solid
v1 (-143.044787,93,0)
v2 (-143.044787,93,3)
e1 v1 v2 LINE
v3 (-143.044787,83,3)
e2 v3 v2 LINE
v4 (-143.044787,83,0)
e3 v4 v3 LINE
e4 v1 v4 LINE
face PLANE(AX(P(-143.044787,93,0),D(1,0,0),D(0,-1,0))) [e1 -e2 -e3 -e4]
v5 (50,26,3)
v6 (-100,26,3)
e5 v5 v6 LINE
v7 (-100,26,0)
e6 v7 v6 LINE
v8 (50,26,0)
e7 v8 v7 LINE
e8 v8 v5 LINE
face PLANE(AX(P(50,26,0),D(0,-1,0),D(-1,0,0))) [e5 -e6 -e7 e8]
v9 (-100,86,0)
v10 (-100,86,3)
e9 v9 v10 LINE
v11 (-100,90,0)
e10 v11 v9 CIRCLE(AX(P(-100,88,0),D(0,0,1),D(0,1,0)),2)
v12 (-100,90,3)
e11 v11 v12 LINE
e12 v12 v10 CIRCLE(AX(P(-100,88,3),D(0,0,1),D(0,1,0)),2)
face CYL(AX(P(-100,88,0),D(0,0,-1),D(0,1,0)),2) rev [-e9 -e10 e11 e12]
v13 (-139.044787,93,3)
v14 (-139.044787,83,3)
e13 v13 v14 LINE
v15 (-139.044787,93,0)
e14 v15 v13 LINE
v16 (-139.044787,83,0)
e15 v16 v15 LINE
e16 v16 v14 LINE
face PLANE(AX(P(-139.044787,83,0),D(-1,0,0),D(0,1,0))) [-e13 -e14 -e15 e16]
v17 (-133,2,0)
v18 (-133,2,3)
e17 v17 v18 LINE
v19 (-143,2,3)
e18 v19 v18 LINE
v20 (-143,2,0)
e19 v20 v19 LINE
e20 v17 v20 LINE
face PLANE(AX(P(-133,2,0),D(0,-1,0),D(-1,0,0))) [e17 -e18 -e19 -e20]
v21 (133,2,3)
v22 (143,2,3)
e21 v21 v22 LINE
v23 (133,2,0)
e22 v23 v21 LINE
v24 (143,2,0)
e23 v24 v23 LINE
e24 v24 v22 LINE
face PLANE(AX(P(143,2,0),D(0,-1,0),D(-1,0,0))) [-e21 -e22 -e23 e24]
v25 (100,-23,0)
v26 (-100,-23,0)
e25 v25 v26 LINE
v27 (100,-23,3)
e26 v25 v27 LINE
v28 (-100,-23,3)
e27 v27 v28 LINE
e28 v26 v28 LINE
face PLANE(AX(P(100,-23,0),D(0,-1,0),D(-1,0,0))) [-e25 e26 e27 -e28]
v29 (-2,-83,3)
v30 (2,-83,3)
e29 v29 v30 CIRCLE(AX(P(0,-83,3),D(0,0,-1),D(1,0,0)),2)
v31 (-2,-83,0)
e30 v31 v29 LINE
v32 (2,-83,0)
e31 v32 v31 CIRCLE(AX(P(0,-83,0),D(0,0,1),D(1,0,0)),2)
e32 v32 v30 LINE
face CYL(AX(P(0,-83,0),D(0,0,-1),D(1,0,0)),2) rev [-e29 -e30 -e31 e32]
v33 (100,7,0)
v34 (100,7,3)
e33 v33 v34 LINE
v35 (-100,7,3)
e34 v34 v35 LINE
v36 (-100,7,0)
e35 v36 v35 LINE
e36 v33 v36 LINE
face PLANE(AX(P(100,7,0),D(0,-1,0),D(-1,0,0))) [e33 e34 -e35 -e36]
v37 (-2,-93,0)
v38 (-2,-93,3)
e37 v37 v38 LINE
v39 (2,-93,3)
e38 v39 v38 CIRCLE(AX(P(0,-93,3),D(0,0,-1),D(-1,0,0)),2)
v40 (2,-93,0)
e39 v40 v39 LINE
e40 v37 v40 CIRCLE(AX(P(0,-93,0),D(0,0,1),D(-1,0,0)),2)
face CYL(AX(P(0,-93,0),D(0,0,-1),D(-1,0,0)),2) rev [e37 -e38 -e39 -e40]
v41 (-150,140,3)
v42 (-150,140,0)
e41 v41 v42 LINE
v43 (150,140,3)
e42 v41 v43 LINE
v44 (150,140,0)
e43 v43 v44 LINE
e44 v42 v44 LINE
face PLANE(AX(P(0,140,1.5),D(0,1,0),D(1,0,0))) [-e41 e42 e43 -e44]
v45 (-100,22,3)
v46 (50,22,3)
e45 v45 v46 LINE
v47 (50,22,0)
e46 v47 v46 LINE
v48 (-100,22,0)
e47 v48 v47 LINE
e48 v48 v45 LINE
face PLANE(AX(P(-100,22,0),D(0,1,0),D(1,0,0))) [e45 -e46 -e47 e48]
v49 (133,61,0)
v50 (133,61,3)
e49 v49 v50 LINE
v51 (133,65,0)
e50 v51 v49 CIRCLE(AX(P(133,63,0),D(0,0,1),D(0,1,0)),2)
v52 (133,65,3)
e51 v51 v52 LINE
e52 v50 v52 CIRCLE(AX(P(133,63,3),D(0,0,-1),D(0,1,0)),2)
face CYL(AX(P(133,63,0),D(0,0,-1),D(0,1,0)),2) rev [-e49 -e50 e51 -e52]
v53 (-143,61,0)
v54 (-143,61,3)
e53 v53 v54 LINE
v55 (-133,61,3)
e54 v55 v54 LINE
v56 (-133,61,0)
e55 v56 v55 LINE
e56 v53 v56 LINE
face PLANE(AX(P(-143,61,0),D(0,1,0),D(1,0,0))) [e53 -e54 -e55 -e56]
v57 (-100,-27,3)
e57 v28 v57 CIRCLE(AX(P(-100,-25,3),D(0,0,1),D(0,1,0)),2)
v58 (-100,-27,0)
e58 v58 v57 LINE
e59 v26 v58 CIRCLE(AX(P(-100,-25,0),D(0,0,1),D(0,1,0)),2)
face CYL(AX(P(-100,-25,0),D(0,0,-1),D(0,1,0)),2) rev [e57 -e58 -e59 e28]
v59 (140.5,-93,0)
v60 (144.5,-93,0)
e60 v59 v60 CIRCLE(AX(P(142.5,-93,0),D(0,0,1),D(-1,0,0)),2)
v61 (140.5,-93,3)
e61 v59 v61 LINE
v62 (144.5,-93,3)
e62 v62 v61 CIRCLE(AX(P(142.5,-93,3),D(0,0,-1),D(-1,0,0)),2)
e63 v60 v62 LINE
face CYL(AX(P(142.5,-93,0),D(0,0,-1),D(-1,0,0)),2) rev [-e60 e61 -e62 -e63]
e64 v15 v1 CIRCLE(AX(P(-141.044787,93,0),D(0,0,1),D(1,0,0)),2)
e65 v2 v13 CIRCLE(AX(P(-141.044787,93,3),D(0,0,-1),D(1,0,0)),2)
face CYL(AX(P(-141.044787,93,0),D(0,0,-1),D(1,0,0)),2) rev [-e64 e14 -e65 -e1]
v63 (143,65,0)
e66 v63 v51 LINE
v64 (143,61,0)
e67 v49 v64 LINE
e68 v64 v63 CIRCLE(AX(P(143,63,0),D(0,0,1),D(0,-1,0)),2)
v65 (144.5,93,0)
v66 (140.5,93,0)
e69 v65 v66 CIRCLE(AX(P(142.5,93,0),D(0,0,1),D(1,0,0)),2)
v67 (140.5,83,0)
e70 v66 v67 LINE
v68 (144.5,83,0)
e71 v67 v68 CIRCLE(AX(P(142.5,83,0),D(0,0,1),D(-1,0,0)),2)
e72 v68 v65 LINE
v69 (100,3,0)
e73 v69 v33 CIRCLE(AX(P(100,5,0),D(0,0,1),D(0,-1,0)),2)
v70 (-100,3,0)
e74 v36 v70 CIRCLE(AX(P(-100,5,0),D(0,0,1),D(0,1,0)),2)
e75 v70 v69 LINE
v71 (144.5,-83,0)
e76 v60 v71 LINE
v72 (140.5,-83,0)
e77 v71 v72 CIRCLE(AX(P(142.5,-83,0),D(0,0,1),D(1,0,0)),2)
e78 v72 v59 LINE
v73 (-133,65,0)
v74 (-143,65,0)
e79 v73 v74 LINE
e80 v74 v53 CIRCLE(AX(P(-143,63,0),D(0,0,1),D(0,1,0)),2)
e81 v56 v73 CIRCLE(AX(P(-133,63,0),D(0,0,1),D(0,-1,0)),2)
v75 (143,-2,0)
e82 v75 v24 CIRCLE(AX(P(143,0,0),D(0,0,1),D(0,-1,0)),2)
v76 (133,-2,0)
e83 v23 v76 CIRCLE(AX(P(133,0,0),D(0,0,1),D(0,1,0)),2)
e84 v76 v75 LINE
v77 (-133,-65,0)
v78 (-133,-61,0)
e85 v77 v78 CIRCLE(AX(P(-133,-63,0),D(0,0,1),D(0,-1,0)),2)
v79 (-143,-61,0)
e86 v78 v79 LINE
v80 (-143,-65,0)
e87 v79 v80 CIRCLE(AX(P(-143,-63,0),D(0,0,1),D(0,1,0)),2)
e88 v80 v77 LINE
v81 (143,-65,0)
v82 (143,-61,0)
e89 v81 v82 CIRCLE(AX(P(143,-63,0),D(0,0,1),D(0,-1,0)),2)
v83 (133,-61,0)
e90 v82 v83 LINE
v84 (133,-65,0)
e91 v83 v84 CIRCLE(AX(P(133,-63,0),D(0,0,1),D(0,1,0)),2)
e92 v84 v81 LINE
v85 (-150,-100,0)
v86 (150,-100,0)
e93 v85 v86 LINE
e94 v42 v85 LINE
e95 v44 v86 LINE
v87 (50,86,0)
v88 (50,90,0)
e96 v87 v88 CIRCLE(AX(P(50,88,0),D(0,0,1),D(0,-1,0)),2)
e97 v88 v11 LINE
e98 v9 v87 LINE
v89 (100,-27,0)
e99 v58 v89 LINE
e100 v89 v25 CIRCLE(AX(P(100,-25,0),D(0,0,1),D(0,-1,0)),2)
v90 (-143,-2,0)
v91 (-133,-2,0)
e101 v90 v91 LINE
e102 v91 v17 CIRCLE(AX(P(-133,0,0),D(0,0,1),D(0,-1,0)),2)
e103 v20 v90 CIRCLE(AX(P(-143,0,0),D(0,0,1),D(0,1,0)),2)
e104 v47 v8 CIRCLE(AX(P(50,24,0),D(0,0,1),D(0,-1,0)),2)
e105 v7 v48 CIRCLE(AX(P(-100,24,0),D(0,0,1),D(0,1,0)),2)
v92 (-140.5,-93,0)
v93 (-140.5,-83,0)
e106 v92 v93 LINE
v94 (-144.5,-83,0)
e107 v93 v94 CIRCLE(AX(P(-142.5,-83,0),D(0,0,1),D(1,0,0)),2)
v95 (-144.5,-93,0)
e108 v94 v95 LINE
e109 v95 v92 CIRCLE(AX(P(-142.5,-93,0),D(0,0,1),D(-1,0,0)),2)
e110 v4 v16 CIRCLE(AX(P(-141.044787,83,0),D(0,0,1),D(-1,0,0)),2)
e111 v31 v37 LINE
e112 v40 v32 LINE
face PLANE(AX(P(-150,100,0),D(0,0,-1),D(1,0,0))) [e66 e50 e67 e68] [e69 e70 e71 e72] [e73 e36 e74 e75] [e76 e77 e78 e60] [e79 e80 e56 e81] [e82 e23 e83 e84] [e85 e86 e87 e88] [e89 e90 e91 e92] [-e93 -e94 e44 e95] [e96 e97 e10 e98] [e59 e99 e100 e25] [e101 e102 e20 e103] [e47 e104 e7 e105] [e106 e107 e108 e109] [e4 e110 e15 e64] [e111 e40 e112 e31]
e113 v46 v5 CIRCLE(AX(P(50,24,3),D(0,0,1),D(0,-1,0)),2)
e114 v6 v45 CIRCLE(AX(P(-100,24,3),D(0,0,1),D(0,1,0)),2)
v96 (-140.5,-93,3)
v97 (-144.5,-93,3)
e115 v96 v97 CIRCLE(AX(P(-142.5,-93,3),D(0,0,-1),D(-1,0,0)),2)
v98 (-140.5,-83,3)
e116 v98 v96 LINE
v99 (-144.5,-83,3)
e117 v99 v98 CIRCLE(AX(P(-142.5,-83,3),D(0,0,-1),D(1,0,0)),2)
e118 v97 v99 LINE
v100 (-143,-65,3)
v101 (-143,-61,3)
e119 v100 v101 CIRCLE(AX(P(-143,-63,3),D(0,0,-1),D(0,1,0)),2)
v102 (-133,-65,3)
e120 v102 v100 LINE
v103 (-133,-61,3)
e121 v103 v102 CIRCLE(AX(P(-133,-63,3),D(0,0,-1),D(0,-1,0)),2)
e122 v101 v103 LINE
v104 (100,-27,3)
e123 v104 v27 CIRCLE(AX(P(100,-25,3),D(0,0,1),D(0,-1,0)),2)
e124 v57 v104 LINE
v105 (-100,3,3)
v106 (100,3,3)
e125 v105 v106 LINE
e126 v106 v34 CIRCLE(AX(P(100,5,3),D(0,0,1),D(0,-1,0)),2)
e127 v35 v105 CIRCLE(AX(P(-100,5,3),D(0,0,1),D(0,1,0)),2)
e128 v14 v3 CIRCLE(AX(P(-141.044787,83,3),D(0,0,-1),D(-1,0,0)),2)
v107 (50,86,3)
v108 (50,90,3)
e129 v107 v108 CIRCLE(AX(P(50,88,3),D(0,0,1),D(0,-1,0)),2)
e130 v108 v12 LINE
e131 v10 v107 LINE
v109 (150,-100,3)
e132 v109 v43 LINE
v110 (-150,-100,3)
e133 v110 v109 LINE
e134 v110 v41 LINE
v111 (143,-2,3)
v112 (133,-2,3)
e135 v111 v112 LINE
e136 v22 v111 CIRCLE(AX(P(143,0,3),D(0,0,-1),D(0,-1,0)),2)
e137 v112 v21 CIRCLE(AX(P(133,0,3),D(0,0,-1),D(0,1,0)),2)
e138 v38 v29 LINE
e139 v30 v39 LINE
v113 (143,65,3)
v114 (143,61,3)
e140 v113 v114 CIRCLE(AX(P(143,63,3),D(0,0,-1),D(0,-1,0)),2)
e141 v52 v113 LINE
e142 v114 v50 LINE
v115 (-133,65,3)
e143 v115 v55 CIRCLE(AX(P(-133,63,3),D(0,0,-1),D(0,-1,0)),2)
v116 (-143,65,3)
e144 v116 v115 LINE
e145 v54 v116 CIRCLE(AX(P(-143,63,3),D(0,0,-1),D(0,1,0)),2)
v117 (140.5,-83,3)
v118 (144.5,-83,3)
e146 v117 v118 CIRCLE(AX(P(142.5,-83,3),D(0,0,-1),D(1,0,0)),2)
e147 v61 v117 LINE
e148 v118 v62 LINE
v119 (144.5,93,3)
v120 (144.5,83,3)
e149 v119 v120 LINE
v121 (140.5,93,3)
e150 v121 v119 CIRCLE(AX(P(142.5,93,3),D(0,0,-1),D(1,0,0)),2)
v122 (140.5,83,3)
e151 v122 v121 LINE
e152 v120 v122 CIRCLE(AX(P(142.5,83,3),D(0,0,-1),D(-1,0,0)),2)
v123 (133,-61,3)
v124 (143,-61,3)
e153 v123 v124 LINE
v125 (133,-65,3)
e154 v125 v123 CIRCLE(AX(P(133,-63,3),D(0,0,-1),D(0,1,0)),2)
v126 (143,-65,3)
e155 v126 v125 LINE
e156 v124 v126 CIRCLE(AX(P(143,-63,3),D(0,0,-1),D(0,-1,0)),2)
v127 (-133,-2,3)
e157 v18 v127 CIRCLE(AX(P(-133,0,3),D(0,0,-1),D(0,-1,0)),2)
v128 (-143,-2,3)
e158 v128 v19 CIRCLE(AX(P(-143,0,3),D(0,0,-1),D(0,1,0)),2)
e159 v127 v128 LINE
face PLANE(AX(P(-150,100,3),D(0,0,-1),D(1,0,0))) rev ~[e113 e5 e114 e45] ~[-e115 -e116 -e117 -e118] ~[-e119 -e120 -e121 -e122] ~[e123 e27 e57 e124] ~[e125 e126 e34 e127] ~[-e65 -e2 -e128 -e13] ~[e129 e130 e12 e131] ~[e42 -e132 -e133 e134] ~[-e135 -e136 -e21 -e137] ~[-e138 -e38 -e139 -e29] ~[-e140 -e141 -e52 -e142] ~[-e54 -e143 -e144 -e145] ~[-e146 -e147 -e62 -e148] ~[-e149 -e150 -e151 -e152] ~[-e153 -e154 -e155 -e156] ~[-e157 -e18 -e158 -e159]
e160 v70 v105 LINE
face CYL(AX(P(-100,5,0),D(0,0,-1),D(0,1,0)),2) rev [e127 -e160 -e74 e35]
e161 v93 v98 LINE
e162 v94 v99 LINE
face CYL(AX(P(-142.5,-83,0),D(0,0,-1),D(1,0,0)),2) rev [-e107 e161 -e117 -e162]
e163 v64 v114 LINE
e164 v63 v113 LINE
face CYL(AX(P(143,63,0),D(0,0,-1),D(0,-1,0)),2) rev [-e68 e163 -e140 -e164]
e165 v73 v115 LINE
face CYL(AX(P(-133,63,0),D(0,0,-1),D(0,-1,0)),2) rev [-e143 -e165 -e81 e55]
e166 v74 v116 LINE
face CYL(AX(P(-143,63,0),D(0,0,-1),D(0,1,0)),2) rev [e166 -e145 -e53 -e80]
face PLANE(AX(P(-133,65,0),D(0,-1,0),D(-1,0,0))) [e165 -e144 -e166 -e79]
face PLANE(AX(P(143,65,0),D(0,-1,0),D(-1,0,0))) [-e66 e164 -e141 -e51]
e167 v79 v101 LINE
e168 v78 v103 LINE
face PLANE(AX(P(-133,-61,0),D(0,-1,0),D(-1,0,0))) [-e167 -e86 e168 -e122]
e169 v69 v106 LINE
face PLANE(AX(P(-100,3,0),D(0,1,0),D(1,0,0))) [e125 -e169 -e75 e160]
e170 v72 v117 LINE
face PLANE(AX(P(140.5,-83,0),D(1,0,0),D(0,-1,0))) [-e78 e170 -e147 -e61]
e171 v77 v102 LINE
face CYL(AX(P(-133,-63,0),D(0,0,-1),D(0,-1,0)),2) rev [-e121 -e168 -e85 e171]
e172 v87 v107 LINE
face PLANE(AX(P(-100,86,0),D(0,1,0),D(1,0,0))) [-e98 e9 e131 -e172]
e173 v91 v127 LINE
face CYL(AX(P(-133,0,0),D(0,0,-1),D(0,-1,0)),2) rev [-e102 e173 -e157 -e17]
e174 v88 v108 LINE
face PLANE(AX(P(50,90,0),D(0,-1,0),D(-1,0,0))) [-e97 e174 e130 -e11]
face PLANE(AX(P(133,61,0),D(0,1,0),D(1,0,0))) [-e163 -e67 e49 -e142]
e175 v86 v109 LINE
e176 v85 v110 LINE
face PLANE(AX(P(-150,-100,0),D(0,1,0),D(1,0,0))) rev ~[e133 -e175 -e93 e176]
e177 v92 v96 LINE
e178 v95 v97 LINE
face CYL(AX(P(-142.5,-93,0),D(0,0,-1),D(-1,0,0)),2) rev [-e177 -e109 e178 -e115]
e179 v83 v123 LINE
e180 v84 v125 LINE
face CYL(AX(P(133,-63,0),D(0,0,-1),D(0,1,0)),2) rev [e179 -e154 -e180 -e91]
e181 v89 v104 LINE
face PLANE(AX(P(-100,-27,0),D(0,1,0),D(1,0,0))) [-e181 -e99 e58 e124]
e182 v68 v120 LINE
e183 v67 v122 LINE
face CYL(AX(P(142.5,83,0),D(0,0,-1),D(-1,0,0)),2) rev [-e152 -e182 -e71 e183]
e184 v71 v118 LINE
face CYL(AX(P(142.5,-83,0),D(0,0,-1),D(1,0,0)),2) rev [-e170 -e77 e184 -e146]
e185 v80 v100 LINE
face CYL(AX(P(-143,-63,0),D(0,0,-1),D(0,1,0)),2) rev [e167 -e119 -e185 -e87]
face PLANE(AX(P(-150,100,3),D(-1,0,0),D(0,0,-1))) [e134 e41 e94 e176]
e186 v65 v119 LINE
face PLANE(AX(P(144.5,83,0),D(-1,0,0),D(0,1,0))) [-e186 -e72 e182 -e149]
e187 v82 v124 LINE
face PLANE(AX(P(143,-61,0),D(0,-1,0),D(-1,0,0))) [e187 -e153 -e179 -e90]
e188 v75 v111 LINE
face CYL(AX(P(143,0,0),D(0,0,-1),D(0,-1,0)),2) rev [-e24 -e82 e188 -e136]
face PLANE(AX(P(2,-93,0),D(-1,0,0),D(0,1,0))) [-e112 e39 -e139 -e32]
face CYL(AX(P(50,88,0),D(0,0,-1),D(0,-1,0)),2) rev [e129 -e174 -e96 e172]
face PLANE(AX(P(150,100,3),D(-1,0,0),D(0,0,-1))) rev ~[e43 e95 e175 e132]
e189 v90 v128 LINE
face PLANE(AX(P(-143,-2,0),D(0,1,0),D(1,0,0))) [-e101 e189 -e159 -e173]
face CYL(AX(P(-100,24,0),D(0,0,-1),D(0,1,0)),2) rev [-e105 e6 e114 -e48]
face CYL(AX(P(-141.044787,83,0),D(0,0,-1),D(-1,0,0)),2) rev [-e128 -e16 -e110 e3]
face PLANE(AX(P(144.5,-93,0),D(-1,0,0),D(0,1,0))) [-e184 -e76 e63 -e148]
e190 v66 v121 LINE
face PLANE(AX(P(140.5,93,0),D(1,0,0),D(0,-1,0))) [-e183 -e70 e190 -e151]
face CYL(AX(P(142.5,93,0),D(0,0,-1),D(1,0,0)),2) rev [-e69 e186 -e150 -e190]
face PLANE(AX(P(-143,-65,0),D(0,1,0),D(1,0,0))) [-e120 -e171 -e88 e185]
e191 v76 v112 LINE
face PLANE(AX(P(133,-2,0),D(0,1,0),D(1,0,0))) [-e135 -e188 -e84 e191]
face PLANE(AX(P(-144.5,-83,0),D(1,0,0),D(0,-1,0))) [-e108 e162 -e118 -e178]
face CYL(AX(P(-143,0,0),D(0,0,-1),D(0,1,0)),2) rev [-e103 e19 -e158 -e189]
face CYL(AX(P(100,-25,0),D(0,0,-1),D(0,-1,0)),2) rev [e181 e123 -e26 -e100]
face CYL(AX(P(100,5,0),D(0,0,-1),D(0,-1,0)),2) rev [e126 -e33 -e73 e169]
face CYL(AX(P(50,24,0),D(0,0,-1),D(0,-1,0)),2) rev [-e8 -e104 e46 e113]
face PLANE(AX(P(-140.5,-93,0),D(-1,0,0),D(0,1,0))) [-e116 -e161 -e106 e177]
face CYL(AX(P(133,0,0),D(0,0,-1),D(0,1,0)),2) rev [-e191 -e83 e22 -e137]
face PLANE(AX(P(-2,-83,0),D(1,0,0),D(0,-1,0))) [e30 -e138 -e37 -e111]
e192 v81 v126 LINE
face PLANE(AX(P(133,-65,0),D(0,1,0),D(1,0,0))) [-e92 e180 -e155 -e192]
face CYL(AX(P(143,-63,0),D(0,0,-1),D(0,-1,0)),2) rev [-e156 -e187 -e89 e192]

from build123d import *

# Parameters (mm, degrees)
SKETCH1_W           = 300
SKETCH1_H           = 200
BOSS_EXTRUDE1_DEPTH = 3
CUT_EXTRUDE1_DEPTH  = 3
CUT_EXTRUDE2_DEPTH  = 10
CUT_EXTRUDE3_DEPTH  = 10
CUT_EXTRUDE4_DEPTH  = 10
CUT_EXTRUDE5_DEPTH  = 10
CUT_EXTRUDE6_DEPTH  = 10
CUT_EXTRUDE7_DEPTH  = 10
CUT_EXTRUDE8_DEPTH  = 10
SKETCH10_W          = 300
SKETCH10_H          = 3
BOSS_EXTRUDE2_DEPTH = 40


with BuildPart() as part:
    # Sketch1 → Boss-Extrude1 (new body)
    with BuildSketch(Plane.XY):
        Rectangle(SKETCH1_W, SKETCH1_H)
    extrude(amount=BOSS_EXTRUDE1_DEPTH)

    # Sketch2 → Cut-Extrude1 (cut)
    with BuildSketch(Plane(origin=(0, 0, 0), x_dir=(-1, 0, 0), z_dir=(0, 0, -1))):
        with BuildLine():
            Line((-100, -23), (100, -23))
            ThreePointArc((100, -23), (102, -25), (100, -27))
            Line((100, -27), (-100, -27))
            ThreePointArc((-100, -27), (-102, -25), (-100, -23))
        make_face()
        with BuildLine():
            Line((-100, 7), (100, 7))
            ThreePointArc((100, 7), (102, 5), (100, 3))
            Line((100, 3), (-100, 3))
            ThreePointArc((-100, 3), (-102, 5), (-100, 7))
        make_face()
        with BuildLine():
            Line((-50, 26), (100, 26))
            ThreePointArc((100, 26), (102, 24), (100, 22))
            Line((100, 22), (-50, 22))
            ThreePointArc((-50, 22), (-52, 24), (-50, 26))
        make_face()
        with BuildLine():
            Line((-50, 90), (100, 90))
            ThreePointArc((100, 90), (102, 88), (100, 86))
            Line((100, 86), (-50, 86))
            ThreePointArc((-50, 86), (-52, 88), (-50, 90))
        make_face()
    extrude(amount=-CUT_EXTRUDE1_DEPTH, mode=Mode.SUBTRACT)

    # Sketch3 → Cut-Extrude2 (cut)
    with BuildSketch(Plane(origin=(0, 0, 0), x_dir=(-1, 0, 0), z_dir=(0, 0, -1))):
        with BuildLine():
            Line((143.044786866, 93), (143.044786866, 83))
            ThreePointArc((143.044786866, 83), (141.044786866, 81), (139.044786866, 83))
            Line((139.044786866, 83), (139.044786866, 93))
            ThreePointArc((139.044786866, 93), (141.044786866, 95), (143.044786866, 93))
        make_face()
    extrude(amount=-CUT_EXTRUDE2_DEPTH, mode=Mode.SUBTRACT)

    # Sketch4 → Cut-Extrude3 (cut)
    with BuildSketch(Plane(origin=(0, 0, 0), x_dir=(-1, 0, 0), z_dir=(0, 0, -1))):
        with BuildLine():
            Line((144.5, -83), (144.5, -93))
            ThreePointArc((144.5, -93), (142.5, -95), (140.5, -93))
            Line((140.5, -93), (140.5, -83))
            ThreePointArc((140.5, -83), (142.5, -81), (144.5, -83))
        make_face()
    extrude(amount=-CUT_EXTRUDE3_DEPTH, mode=Mode.SUBTRACT)

    # Sketch5 → Cut-Extrude4 (cut)
    with BuildSketch(Plane(origin=(0, 0, 0), x_dir=(-1, 0, 0), z_dir=(0, 0, -1))):
        with BuildLine():
            Line((-140.5, 93), (-140.5, 83))
            ThreePointArc((-140.5, 83), (-142.5, 81), (-144.5, 83))
            Line((-144.5, 83), (-144.5, 93))
            ThreePointArc((-144.5, 93), (-142.5, 95), (-140.5, 93))
        make_face()
    extrude(amount=-CUT_EXTRUDE4_DEPTH, mode=Mode.SUBTRACT)

    # Sketch6 → Cut-Extrude5 (cut)
    with BuildSketch(Plane(origin=(0, 0, 0), x_dir=(-1, 0, 0), z_dir=(0, 0, -1))):
        with BuildLine():
            Line((-140.5, -83), (-140.5, -93))
            ThreePointArc((-140.5, -93), (-142.5, -95), (-144.5, -93))
            Line((-144.5, -93), (-144.5, -83))
            ThreePointArc((-144.5, -83), (-142.5, -81), (-140.5, -83))
        make_face()
    extrude(amount=-CUT_EXTRUDE5_DEPTH, mode=Mode.SUBTRACT)

    # Sketch7 → Cut-Extrude6 (cut)
    with BuildSketch(Plane(origin=(0, 0, 0), x_dir=(-1, 0, 0), z_dir=(0, 0, -1))):
        with BuildLine():
            Line((2, -83), (2, -93))
            ThreePointArc((2, -93), (0, -95), (-2, -93))
            Line((-2, -93), (-2, -83))
            ThreePointArc((-2, -83), (0, -81), (2, -83))
        make_face()
    extrude(amount=-CUT_EXTRUDE6_DEPTH, mode=Mode.SUBTRACT)

    # Sketch8 → Cut-Extrude7 (cut)
    with BuildSketch(Plane(origin=(0, 0, 0), x_dir=(-1, 0, 0), z_dir=(0, 0, -1))):
        with BuildLine():
            Line((-143, 65), (-133, 65))
            ThreePointArc((-133, 65), (-131, 63), (-133, 61))
            Line((-133, 61), (-143, 61))
            ThreePointArc((-143, 61), (-145, 63), (-143, 65))
        make_face()
        with BuildLine():
            Line((-143, -61), (-133, -61))
            ThreePointArc((-133, -61), (-131, -63), (-133, -65))
            Line((-133, -65), (-143, -65))
            ThreePointArc((-143, -65), (-145, -63), (-143, -61))
        make_face()
        with BuildLine():
            Line((-143, 2), (-133, 2))
            ThreePointArc((-133, 2), (-131, 0), (-133, -2))
            Line((-133, -2), (-143, -2))
            ThreePointArc((-143, -2), (-145, 0), (-143, 2))
        make_face()
    extrude(amount=-CUT_EXTRUDE7_DEPTH, mode=Mode.SUBTRACT)

    # Sketch9 → Cut-Extrude8 (cut)
    with BuildSketch(Plane(origin=(0, 0, 0), x_dir=(-1, 0, 0), z_dir=(0, 0, -1))):
        with BuildLine():
            Line((133, 65), (143, 65))
            ThreePointArc((143, 65), (145, 63), (143, 61))
            Line((143, 61), (133, 61))
            ThreePointArc((133, 61), (131, 63), (133, 65))
        make_face()
        with BuildLine():
            Line((133, 2), (143, 2))
            ThreePointArc((143, 2), (145, 0), (143, -2))
            Line((143, -2), (133, -2))
            ThreePointArc((133, -2), (131, 0), (133, 2))
        make_face()
        with BuildLine():
            Line((133, -61), (143, -61))
            ThreePointArc((143, -61), (145, -63), (143, -65))
            Line((143, -65), (133, -65))
            ThreePointArc((133, -65), (131, -63), (133, -61))
        make_face()
    extrude(amount=-CUT_EXTRUDE8_DEPTH, mode=Mode.SUBTRACT)

    # Sketch10 → Boss-Extrude2 (add)
    with BuildSketch(Plane(origin=(0, 100, 0), x_dir=(1, 0, 0), z_dir=(0, 1, 0))):
        with Locations((0, -1.5)):
            Rectangle(SKETCH10_W, SKETCH10_H)
    extrude(amount=BOSS_EXTRUDE2_DEPTH)


solid = part.part
